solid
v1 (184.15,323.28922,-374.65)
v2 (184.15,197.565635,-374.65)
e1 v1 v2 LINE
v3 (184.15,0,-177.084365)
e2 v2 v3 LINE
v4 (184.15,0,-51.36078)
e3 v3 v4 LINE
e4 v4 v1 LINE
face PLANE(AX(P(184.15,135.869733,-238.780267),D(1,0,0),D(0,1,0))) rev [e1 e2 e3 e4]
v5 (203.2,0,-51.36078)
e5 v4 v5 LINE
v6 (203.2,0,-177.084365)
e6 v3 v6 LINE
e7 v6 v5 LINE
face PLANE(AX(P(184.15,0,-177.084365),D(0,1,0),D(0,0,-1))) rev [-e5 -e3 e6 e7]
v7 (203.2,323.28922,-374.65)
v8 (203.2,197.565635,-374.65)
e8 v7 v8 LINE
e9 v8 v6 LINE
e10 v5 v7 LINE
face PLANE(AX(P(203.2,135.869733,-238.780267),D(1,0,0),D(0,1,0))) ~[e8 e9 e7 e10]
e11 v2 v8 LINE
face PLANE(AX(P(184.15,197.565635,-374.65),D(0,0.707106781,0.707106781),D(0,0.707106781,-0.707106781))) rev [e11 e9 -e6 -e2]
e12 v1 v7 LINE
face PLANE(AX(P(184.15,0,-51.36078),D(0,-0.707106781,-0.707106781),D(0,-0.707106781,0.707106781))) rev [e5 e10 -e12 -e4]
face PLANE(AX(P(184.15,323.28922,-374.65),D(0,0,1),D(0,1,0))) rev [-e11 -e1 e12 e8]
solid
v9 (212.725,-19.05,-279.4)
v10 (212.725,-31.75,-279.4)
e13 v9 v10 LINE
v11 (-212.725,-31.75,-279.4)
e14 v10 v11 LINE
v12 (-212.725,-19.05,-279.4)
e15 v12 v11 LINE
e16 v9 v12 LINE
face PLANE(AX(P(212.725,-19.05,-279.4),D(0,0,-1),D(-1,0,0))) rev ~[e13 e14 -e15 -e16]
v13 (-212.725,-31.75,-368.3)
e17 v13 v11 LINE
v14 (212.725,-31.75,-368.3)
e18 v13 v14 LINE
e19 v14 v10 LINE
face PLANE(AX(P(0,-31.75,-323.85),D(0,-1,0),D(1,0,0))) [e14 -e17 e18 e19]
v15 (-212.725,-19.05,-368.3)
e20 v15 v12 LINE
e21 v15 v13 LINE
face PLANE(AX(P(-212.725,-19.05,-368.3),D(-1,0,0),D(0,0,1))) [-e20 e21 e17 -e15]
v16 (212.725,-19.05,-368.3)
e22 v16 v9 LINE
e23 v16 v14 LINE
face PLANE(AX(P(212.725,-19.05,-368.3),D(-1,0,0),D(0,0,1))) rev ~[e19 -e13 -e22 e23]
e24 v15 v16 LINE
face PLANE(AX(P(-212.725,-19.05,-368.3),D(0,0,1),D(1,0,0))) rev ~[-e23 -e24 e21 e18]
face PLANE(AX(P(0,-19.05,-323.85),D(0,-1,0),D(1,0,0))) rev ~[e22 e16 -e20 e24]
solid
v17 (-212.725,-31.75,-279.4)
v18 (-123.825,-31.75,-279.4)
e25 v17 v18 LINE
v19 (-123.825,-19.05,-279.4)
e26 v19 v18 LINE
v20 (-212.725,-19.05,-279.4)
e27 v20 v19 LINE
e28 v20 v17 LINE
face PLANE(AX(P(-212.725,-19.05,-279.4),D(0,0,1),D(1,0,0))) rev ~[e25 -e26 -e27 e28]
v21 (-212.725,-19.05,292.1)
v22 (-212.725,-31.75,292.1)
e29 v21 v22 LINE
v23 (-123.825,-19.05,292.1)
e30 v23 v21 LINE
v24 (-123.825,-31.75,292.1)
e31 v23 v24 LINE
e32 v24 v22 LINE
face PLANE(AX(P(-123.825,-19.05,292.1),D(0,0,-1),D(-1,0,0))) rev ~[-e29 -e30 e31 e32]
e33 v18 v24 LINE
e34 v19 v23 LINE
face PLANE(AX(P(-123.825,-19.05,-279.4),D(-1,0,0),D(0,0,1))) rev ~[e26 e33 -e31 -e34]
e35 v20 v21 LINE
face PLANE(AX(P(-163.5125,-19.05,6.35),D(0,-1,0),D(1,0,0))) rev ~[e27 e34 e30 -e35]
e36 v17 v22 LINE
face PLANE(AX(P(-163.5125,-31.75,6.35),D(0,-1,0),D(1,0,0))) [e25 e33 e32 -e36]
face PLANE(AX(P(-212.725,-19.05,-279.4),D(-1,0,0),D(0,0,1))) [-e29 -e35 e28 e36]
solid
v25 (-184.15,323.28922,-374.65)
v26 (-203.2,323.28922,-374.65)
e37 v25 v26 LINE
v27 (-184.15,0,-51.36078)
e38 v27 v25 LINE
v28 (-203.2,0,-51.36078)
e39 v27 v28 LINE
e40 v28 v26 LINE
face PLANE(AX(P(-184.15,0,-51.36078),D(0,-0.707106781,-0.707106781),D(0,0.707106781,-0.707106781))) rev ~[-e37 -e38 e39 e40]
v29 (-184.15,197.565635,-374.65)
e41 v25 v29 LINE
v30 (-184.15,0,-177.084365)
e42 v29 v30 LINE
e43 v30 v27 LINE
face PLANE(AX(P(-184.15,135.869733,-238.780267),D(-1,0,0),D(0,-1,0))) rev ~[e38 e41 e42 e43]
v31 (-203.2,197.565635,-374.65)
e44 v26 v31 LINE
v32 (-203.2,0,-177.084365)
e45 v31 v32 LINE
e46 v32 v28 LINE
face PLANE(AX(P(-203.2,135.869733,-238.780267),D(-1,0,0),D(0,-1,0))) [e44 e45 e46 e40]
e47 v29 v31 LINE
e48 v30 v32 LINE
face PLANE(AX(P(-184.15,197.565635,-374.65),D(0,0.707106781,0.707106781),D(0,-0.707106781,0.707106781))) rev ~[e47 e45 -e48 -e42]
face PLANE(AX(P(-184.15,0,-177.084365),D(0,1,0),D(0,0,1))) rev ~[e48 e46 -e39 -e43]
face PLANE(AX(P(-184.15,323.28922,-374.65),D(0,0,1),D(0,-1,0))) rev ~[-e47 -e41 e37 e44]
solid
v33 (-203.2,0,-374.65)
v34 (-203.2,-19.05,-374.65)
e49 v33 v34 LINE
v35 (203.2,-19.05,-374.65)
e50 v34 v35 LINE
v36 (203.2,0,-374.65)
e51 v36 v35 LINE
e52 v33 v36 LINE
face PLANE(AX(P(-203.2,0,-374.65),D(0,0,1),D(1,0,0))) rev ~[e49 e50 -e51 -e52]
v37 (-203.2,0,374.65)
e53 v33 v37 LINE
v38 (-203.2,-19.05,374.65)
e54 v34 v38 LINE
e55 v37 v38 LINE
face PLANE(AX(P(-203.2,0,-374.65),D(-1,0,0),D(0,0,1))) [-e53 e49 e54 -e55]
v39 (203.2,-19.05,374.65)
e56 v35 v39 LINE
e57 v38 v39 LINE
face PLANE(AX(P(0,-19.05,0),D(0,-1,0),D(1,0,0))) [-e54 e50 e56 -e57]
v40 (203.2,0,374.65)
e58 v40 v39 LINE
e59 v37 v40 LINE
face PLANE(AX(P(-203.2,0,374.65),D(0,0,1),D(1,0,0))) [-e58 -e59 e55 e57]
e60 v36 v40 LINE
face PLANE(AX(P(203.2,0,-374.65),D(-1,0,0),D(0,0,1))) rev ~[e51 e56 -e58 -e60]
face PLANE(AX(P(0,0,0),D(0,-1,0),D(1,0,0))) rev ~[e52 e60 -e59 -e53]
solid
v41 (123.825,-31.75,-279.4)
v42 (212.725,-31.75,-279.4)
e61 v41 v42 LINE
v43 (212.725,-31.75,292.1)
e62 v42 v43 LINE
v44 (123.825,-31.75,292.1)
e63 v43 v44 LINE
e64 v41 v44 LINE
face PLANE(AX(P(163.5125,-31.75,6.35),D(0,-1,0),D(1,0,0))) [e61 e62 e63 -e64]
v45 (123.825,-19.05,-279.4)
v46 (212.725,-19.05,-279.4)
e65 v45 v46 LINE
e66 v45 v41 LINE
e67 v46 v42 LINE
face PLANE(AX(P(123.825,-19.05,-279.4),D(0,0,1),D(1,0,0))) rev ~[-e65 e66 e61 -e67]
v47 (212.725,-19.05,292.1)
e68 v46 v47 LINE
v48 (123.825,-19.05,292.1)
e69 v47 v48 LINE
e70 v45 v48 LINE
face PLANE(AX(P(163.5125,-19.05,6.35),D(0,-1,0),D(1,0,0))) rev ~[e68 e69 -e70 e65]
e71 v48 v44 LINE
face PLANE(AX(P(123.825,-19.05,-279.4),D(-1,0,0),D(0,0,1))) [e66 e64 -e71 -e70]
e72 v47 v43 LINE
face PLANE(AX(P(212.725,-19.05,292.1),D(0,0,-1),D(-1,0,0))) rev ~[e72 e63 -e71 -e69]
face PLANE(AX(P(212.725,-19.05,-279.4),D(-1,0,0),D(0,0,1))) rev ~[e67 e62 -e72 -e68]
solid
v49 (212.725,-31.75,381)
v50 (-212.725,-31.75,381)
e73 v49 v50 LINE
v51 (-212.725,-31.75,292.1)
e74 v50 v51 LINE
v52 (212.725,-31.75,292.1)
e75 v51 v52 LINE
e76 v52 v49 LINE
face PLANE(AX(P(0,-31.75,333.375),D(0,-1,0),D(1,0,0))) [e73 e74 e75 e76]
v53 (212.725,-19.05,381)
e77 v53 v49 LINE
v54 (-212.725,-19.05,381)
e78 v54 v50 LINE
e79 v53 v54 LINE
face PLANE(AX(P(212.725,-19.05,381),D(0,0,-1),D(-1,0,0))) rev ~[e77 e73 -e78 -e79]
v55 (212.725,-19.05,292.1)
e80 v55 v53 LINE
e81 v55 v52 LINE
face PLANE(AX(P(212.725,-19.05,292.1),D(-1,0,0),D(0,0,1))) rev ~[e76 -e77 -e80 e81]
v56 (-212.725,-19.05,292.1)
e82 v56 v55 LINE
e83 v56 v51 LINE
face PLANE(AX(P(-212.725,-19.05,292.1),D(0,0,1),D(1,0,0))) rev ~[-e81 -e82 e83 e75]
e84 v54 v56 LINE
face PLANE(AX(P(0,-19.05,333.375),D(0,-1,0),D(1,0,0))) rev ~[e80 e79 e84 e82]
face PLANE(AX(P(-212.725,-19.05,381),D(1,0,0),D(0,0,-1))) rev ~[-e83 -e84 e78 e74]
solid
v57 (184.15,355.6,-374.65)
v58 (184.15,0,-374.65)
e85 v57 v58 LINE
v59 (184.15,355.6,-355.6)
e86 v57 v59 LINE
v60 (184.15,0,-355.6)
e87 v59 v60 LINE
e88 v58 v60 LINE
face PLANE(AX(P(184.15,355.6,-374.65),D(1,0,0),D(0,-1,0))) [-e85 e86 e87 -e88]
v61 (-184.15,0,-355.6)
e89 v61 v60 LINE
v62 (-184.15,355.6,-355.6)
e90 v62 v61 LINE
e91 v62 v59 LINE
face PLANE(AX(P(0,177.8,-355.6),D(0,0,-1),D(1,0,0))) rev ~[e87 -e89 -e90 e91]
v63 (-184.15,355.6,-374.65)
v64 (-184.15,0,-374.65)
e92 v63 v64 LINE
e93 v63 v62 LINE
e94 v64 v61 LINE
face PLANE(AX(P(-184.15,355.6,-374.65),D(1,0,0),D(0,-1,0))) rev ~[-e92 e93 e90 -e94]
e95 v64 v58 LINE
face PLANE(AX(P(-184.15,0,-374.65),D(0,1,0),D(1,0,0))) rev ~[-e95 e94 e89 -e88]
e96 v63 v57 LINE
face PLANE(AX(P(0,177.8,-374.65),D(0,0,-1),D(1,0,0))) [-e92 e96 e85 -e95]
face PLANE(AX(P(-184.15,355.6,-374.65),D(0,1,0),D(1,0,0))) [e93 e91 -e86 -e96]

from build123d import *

# Parameters (mm, degrees)
F0_W     = 406.4
F0_H     = 749.3
F1_DEPTH = 19.05
F2_W     = 368.3
F2_H     = 355.6
F3_DEPTH = 19.05
F5_DEPTH = 19.05
F8_DEPTH = 12.7
F7_W     = 9.525
F7_H     = 88.9
F7_W_2   = 79.375
F7_H_2   = 571.5
F9_DEPTH = 12.7


with BuildPart() as f1:
    # F0 (on Front) → F1 (new body)
    with BuildSketch(Plane.XZ):
        Rectangle(F0_W, F0_H)
    extrude(amount=F1_DEPTH)


with BuildPart() as f3:
    # F2 (on face) → F3 (new body)
    with BuildSketch(Plane(origin=(0, 0, -374.65), x_dir=(1, 0, 0), z_dir=(0, 0, -1))):
        with Locations((0, -177.8)):
            Rectangle(F2_W, F2_H)
    extrude(amount=-F3_DEPTH)


with BuildPart() as f5:
    # F4 (on face) → F5 (new body)
    with BuildSketch(Plane(origin=(-184.15, 0, 0), x_dir=(0, -1, 0), z_dir=(-1, 0, 0))):
        Polygon((0, -51.3607796415), (-323.2892203585, -374.65), (-197.5656346635, -374.65), (0, -177.0843653365), align=None)
    extrude(amount=F5_DEPTH)


with BuildPart() as f6_1:
    # F6: instance of F5
    add(f5.part.mirror(Plane.YZ))


with BuildPart() as f8:
    # F7 (on face) → F8 (new body)
    with BuildSketch(Plane.XZ.offset(19.05)):
        Polygon((-203.2, 374.65), (-203.2, 292.1), (-123.825, 292.1), (123.825, 292.1), (203.2, 292.1), (203.2, 374.65), align=None)
        Polygon((212.725, 381), (-212.725, 381), (-212.725, 292.1), (-203.2, 292.1), (-203.2, 374.65), (203.2, 374.65), (203.2, 292.1), (212.725, 292.1), align=None)
    extrude(amount=F8_DEPTH)


with BuildPart() as f8b:
    # F7 (on face) → F8, piece 2 (new body)
    with BuildSketch(Plane.XZ.offset(19.05)):
        Polygon((-123.825, -279.4), (-203.2, -279.4), (-203.2, -368.3), (203.2, -368.3), (203.2, -279.4), (123.825, -279.4), align=None)
        with Locations((-207.9625, -323.85)):
            Rectangle(F7_W, F7_H)
        with Locations((207.9625, -323.85)):
            Rectangle(F7_W, F7_H)
    extrude(amount=F8_DEPTH)


with BuildPart() as f9:
    # F7 (on face) → F9 (new body)
    with BuildSketch(Plane.XZ.offset(19.05)):
        with Locations((-163.5125, 6.35)):
            Rectangle(F7_W_2, F7_H_2)
        with Locations((-207.9625, 6.35)):
            Rectangle(F7_W, F7_H_2)
    extrude(amount=F9_DEPTH)


with BuildPart() as f9b:
    # F7 (on face) → F9, piece 2 (new body)
    with BuildSketch(Plane.XZ.offset(19.05)):
        with Locations((163.5125, 6.35)):
            Rectangle(F7_W_2, F7_H_2)
        with Locations((207.9625, 6.35)):
            Rectangle(F7_W, F7_H_2)
    extrude(amount=F9_DEPTH)


solid = Compound([f1.part, f3.part, f5.part, f6_1.part, f8.part, f8b.part, f9.part, f9b.part])
